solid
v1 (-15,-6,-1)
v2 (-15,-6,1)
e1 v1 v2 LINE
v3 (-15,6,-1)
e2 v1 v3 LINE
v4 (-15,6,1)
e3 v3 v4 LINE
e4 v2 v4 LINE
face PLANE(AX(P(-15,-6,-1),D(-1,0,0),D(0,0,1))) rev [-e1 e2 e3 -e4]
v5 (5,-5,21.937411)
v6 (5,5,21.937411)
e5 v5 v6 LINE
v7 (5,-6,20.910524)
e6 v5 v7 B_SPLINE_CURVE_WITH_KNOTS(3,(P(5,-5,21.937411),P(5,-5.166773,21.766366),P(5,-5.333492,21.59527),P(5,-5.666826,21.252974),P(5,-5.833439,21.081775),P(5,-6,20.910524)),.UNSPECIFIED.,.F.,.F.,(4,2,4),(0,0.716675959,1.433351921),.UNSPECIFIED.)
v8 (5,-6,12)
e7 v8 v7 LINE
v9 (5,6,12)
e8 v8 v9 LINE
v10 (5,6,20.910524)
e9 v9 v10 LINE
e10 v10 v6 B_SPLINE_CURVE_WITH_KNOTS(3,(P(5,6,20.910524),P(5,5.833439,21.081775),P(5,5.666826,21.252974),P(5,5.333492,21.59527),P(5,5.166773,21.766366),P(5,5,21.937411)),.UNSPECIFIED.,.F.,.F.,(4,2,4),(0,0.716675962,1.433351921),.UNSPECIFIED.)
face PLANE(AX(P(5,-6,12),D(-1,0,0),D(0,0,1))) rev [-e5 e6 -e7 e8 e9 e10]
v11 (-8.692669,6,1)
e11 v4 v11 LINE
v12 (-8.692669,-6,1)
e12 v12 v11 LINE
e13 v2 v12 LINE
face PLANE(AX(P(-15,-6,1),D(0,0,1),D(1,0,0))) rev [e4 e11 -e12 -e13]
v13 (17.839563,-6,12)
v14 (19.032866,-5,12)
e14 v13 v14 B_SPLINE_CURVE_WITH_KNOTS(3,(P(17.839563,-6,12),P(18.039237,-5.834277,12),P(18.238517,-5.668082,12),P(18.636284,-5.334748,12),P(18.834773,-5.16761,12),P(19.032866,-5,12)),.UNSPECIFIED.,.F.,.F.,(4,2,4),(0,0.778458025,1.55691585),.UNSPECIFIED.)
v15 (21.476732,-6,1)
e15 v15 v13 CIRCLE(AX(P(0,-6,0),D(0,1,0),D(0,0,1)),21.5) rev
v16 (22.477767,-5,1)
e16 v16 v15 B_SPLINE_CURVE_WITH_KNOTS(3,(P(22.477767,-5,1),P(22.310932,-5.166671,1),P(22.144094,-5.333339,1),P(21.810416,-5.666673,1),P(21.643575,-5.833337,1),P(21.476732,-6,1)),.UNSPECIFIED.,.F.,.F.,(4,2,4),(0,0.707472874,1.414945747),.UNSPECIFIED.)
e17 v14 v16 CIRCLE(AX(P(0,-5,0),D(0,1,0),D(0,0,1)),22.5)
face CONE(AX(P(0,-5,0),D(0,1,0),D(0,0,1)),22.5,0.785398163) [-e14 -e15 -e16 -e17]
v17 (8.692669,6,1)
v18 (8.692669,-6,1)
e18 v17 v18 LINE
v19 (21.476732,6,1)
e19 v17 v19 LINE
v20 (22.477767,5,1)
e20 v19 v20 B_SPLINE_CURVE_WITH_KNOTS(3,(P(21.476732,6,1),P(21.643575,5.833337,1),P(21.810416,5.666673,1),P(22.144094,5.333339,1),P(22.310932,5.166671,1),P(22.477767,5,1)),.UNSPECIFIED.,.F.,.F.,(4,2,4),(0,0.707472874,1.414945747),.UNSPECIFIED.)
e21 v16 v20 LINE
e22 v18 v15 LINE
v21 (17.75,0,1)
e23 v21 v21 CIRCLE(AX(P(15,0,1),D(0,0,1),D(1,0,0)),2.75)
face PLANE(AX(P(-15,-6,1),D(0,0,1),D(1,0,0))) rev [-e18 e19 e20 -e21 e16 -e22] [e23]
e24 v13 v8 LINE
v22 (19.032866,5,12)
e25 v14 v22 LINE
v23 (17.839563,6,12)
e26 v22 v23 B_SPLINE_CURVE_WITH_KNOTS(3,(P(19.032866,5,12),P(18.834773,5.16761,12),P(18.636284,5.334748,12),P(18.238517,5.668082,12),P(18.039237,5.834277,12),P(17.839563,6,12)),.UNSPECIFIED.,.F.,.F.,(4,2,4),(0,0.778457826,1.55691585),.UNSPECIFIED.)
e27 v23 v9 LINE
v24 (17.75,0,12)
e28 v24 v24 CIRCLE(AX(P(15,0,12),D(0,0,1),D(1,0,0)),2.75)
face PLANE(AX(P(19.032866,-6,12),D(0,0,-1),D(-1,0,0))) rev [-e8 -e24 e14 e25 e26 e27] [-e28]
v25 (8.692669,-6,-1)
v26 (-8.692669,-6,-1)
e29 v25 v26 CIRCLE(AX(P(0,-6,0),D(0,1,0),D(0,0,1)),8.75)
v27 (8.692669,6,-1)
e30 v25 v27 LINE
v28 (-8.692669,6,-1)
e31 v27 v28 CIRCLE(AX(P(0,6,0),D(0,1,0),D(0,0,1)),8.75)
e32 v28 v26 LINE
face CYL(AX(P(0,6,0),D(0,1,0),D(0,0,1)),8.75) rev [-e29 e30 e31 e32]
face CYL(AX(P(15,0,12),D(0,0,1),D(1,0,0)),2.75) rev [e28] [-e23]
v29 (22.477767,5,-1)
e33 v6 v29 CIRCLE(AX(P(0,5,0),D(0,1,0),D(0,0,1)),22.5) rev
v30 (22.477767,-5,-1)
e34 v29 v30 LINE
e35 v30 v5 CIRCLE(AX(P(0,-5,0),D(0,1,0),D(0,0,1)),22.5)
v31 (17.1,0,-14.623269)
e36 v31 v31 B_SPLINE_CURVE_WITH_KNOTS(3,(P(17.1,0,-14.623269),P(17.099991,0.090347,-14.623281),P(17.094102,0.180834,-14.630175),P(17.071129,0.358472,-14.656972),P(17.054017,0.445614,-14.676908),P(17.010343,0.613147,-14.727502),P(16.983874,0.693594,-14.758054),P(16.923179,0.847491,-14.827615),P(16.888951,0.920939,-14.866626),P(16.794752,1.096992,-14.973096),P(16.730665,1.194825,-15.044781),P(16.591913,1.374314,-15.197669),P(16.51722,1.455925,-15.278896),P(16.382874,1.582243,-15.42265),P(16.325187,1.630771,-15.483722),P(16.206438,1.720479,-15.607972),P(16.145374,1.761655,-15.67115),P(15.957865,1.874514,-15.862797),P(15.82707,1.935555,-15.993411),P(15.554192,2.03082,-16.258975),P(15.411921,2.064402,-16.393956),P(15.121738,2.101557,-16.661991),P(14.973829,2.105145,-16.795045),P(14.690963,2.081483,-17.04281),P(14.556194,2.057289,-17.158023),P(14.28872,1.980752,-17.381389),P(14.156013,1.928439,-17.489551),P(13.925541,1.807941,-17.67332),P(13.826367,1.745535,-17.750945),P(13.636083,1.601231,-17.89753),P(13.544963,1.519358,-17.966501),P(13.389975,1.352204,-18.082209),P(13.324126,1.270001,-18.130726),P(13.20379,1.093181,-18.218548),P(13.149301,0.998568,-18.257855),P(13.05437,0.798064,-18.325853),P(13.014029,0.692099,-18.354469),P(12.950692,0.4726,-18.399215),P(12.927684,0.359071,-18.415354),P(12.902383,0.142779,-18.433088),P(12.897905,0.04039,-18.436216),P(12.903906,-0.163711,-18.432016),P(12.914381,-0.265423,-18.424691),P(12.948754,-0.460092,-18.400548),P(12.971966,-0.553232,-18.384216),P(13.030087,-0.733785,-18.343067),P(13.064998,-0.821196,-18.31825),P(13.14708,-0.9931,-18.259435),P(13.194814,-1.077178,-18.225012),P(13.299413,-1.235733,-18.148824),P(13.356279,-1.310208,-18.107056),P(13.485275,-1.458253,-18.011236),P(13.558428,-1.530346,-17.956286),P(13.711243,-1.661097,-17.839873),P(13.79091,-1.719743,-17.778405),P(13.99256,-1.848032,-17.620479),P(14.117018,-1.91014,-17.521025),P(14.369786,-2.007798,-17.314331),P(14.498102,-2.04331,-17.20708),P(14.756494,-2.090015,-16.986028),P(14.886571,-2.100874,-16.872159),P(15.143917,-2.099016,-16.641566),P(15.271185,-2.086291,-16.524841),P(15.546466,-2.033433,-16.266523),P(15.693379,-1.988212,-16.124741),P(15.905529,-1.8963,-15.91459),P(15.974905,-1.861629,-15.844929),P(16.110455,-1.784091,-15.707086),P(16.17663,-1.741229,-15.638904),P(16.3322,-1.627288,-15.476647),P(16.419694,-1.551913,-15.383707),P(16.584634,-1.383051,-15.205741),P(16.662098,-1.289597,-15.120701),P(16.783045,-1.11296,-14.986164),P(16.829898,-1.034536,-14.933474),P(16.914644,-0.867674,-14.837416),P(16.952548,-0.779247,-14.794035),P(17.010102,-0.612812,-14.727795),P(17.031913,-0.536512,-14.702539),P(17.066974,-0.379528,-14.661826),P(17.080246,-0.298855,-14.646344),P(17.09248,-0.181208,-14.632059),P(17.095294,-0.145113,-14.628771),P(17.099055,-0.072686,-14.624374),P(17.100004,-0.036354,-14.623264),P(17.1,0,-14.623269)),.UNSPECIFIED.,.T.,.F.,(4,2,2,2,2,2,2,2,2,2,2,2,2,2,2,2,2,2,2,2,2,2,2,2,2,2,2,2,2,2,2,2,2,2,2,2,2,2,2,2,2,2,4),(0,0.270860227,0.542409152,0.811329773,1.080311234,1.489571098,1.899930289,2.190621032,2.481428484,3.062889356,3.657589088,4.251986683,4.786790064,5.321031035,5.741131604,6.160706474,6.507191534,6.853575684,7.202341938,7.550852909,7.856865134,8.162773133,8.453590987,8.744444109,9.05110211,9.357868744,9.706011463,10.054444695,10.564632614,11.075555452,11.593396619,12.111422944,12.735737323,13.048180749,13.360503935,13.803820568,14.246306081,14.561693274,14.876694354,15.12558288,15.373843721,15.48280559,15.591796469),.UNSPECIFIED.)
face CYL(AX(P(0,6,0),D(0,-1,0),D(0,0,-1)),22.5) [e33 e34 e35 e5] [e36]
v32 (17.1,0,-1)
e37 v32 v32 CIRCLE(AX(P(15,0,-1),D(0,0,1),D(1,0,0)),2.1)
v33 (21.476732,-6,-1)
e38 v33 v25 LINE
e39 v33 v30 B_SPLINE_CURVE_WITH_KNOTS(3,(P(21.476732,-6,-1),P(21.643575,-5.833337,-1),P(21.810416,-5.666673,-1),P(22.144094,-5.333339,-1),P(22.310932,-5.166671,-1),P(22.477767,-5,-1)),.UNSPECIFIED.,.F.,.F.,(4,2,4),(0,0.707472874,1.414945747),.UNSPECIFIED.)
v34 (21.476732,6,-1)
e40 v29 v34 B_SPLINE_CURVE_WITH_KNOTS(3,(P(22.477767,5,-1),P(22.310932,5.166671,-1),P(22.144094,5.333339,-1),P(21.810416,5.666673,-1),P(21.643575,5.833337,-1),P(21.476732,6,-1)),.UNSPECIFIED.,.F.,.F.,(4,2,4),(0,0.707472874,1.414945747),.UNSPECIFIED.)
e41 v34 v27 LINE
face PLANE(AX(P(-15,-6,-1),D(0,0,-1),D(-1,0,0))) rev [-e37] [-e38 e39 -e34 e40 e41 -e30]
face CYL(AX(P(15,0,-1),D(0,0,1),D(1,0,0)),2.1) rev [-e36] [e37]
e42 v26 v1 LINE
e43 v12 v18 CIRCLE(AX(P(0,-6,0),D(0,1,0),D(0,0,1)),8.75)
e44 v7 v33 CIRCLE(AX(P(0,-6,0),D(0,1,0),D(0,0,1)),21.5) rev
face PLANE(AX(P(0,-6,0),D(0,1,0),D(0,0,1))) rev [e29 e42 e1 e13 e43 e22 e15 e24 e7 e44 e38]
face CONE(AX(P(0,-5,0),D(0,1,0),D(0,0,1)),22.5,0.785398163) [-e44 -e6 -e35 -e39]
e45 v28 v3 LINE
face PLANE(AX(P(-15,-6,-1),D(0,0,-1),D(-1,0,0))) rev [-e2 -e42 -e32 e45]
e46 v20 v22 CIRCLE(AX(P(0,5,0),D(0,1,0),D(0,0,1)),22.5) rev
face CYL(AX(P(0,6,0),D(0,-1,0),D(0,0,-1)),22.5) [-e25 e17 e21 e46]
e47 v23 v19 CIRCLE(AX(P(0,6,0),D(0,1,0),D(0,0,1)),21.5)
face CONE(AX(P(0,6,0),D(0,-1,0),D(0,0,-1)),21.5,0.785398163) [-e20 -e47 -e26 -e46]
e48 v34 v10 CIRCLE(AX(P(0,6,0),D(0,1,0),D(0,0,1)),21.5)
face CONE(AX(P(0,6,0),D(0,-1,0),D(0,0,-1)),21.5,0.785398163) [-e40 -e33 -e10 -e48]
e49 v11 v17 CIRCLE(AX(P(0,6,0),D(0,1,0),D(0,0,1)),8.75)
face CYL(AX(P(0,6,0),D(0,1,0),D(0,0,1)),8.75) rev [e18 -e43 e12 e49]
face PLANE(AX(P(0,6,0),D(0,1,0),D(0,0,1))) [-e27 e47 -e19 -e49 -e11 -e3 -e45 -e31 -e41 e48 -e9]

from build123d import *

# Parameters (mm, degrees)
SKETCH_1_R                  = 22.5
EXTRUDE_1_DEPTH             = 6
HOLE_WIZARD_M20_1_D         = 17.5
SKETCH_2_W                  = 37.5
SKETCH_2_H                  = 2
CUT_EXTRUDE_1_DEPTH         = 35.007352146
CUT_EXTRUDE_2_DEPTH         = 35.007352146
HOLE_WIZARD_5_5_5_5_1_D     = 5.5
HOLE_WIZARD_5_5_5_5_1_DEPTH = 11
HOLE_WIZARD_M5_2_D          = 4.2
CHAMFER_1_SIZE              = 1


with BuildPart() as part:
    # 草图1 → 凸台-拉伸1 (new, symmetric)
    with BuildSketch(Plane(origin=(0, 0, 0), x_dir=(1, 0, 0), z_dir=(0, 1, 0))):
        with Locations(Location((0, 0, 0), (0, 0, 270))):
            Circle(SKETCH_1_R)
    extrude(amount=EXTRUDE_1_DEPTH, both=True)

    # M20 螺纹孔1 (through all)
    with Locations(Plane(origin=(0, 6, 0), x_dir=(1, 0, 0), z_dir=(0, 1, 0))):
        with Locations((0, 0)):
            Hole(HOLE_WIZARD_M20_1_D / 2)

    # 草图2 → 切除-拉伸1 (cut, through all)
    with BuildSketch(Plane(origin=(0, 6, 0), x_dir=(1, 0, 0), z_dir=(0, 1, 0))):
        with Locations((3.75, 0)):
            Rectangle(SKETCH_2_W, SKETCH_2_H)
    extrude(amount=-CUT_EXTRUDE_1_DEPTH, mode=Mode.SUBTRACT)

    # 草图6 → 切除-拉伸2 (cut, through all)
    with BuildSketch(Plane(origin=(0, 6, 0), x_dir=(1, 0, 0), z_dir=(0, 1, 0))):
        with BuildLine():
            Line((19.032866311, -12), (5, -12))
            Line((5, -12), (5, -21.937410968))
            ThreePointArc((5, -21.937410968), (13.003180379, -18.362115892), (19.032866311, -12))
        make_face()
    extrude(amount=-CUT_EXTRUDE_2_DEPTH, mode=Mode.SUBTRACT)

    # Ø5.5 (5.5) 直径孔1
    with Locations(Plane.XY.offset(12)):
        with Locations((15, 0)):
            Hole(HOLE_WIZARD_5_5_5_5_1_D / 2, depth=HOLE_WIZARD_5_5_5_5_1_DEPTH)

    # M5 螺纹孔2 (through all)
    with Locations(Plane(origin=(-28, -6, -1), x_dir=(1, 0, 0), z_dir=(0, 0, 1))):
        with Locations((43, 6)):
            Hole(HOLE_WIZARD_M5_2_D / 2)

    # 倒角1
    chamfer_1_edges = [part.edges().sort_by_distance(p)[0] for p in [
        (-17.896595276, -6, -13.636783988),
        (-17.896595276, 6, -13.636783988),
        (21.471682868, -6, 6.724346424),
        (21.471682868, 6, 6.724346424),
    ]]
    chamfer(chamfer_1_edges, length=CHAMFER_1_SIZE)


solid = part.part
